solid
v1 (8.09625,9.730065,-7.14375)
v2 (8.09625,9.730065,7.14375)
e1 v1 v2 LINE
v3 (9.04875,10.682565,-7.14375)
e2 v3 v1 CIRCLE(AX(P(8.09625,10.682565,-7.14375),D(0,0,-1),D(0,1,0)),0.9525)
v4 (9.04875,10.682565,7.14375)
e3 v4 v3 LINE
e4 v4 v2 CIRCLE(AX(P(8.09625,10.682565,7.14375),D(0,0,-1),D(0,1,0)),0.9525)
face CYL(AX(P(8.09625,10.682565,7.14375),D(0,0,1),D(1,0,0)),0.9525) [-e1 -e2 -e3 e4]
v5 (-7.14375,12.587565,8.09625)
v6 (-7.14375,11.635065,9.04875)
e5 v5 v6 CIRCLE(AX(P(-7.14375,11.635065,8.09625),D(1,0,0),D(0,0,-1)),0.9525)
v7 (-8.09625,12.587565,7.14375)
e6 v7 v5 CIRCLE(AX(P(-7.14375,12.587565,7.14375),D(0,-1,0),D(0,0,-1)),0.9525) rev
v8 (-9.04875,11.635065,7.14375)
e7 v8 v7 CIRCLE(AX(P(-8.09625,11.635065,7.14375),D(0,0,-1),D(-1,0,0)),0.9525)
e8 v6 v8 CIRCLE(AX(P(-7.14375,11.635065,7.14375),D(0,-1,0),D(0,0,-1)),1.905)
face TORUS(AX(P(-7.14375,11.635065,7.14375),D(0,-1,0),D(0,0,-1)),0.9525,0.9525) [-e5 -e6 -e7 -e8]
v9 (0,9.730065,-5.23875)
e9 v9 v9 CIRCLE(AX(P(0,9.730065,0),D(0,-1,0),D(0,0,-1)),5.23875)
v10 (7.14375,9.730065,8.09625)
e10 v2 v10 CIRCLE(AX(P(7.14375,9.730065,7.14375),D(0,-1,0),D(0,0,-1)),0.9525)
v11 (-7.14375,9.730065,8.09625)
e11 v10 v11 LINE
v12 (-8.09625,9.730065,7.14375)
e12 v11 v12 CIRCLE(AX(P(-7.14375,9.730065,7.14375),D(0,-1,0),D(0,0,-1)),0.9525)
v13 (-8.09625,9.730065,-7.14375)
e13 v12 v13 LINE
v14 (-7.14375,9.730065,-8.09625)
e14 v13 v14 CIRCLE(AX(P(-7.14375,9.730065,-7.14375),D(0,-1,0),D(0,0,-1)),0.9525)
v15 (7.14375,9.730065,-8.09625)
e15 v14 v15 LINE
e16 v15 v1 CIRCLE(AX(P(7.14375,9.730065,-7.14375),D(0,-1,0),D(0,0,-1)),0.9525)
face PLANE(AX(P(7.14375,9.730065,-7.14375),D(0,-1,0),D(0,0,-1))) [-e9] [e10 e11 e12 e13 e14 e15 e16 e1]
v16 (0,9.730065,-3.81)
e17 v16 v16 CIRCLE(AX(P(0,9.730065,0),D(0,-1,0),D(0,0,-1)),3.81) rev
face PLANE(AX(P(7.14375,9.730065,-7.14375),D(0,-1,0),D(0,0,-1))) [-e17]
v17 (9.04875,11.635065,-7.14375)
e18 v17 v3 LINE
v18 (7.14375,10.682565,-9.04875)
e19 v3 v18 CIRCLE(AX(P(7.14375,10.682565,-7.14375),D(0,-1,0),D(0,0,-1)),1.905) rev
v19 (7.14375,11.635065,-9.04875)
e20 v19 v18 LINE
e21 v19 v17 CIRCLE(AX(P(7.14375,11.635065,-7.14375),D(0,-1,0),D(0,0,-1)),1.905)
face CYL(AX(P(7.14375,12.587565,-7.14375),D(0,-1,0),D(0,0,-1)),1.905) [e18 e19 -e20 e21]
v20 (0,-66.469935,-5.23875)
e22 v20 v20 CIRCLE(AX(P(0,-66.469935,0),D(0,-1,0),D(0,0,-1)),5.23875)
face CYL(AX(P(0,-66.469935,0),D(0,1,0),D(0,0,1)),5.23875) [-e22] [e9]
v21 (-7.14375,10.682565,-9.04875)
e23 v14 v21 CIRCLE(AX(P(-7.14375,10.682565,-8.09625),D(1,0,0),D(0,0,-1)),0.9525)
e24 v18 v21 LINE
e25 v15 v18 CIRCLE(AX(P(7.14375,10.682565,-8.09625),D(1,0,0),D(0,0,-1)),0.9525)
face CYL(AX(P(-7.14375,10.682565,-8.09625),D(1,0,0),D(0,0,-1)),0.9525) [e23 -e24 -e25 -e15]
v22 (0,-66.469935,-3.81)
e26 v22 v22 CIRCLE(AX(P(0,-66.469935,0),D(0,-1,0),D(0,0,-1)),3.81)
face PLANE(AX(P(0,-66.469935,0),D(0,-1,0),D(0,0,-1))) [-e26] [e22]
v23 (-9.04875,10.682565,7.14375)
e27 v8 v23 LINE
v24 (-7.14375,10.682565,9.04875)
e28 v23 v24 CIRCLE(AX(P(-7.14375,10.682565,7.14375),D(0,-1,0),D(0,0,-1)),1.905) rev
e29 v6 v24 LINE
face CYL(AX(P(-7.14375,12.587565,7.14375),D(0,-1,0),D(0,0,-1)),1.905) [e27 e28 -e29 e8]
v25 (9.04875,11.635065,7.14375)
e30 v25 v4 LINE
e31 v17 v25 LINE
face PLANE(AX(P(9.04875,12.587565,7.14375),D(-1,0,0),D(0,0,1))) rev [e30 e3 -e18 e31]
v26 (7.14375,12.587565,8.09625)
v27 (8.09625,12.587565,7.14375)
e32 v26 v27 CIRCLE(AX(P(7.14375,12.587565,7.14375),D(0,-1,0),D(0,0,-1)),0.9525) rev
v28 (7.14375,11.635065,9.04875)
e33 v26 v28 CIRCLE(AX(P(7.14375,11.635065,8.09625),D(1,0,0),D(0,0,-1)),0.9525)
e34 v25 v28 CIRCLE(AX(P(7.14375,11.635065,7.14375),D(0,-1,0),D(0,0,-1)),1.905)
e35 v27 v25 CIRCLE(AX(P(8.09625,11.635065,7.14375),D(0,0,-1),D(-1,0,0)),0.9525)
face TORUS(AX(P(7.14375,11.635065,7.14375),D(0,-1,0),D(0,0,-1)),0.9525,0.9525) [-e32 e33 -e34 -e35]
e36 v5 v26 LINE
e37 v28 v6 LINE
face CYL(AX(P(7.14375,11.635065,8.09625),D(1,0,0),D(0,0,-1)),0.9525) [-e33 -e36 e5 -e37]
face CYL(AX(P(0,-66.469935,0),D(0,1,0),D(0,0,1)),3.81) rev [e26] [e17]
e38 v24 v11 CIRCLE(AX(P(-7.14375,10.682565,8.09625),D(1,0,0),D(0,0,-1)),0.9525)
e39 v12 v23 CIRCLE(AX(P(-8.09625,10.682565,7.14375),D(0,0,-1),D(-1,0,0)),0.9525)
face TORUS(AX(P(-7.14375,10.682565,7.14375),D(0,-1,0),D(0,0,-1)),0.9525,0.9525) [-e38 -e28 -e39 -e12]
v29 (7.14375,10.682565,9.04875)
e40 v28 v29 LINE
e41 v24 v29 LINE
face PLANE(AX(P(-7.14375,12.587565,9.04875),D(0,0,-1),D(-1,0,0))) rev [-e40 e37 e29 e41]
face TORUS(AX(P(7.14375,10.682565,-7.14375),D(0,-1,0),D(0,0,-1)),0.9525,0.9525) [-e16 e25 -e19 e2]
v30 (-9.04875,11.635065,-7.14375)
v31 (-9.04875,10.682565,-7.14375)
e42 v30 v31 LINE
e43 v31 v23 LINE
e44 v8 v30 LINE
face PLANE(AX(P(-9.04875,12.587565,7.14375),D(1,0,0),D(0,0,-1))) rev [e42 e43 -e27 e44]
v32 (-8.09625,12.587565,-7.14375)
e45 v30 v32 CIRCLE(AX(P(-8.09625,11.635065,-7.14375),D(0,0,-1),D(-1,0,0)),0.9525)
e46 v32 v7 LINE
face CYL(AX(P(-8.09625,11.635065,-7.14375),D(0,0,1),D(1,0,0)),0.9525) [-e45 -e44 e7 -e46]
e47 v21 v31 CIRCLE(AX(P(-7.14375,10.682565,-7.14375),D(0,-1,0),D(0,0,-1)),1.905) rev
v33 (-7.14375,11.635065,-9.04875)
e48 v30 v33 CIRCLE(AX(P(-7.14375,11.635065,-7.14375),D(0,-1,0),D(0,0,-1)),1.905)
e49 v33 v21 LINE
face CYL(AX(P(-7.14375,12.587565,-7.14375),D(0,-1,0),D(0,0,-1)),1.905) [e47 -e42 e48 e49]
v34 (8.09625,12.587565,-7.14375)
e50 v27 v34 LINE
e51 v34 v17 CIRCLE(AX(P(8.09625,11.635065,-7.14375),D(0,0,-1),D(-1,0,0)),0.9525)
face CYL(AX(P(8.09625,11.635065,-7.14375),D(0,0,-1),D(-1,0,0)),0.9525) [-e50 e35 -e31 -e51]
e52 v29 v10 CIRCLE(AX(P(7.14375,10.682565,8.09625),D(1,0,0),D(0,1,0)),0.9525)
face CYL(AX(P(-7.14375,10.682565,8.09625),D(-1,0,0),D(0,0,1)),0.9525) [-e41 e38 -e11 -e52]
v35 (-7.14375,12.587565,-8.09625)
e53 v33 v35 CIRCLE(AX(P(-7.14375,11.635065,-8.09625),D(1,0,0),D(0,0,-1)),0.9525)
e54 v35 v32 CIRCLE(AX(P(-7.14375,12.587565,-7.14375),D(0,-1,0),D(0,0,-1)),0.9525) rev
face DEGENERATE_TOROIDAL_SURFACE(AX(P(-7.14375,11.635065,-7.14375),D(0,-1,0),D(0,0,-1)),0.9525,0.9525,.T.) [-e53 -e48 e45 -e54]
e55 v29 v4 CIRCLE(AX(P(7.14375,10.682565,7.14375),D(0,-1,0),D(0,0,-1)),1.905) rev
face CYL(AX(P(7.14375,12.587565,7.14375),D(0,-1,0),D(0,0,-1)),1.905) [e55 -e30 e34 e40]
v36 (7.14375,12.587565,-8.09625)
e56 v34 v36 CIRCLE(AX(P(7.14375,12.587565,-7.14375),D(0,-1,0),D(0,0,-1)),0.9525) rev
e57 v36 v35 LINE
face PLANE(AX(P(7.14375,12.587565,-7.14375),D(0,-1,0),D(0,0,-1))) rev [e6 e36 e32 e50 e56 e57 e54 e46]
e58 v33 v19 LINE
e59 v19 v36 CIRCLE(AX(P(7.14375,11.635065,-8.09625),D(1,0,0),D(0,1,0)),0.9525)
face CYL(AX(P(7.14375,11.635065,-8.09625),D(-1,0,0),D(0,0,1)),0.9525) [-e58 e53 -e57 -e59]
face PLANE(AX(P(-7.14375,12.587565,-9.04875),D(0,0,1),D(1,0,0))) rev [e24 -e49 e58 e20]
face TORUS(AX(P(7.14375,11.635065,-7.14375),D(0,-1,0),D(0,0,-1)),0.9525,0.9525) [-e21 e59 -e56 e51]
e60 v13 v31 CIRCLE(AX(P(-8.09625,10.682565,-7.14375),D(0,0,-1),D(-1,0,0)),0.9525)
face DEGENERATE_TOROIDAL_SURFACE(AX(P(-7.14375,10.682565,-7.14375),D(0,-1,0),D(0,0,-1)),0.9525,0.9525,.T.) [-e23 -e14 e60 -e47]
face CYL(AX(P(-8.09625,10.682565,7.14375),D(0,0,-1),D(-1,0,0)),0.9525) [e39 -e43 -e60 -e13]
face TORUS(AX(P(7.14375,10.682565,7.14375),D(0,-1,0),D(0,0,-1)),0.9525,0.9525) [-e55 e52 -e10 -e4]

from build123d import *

# Parameters (mm, degrees)
BOSS_EXTRUDE1_DEPTH = 1.905
SKETCH2_R           = 3.4925
SKETCH2_R_2         = 2.54
BOSS_EXTRUDE2_DEPTH = 50.8
FILLET2_R           = 0.635
SCALE1_SCALE        = 1.5


with BuildPart() as part:
    # Sketch1 → Boss-Extrude1 (new body)
    with BuildSketch(Plane(origin=(0, 0, 0), x_dir=(1, 0, 0), z_dir=(0, 1, 0))):
        with BuildLine():
            Line((-6.0325, -4.7625), (-6.0325, 4.7625))
            ThreePointArc((-6.0325, 4.7625), (-5.660525612, 5.660525612), (-4.7625, 6.0325))
            Line((-4.7625, 6.0325), (4.7625, 6.0325))
            ThreePointArc((4.7625, 6.0325), (5.660525612, 5.660525612), (6.0325, 4.7625))
            Line((6.0325, 4.7625), (6.0325, -4.7625))
            ThreePointArc((6.0325, -4.7625), (5.660525612, -5.660525612), (4.7625, -6.0325))
            Line((4.7625, -6.0325), (-4.7625, -6.0325))
            ThreePointArc((-4.7625, -6.0325), (-5.660525612, -5.660525612), (-6.0325, -4.7625))
        make_face()
    extrude(amount=BOSS_EXTRUDE1_DEPTH)

    # Sketch2 → Boss-Extrude2 (add)
    with BuildSketch(Plane.XZ):
        with Locations(Location((0, 0, 0), (0, 0, 270))):
            Circle(SKETCH2_R)
        with Locations(Location((0, 0, 0), (0, 0, 270))):
            Circle(SKETCH2_R_2, mode=Mode.SUBTRACT)
    extrude(amount=BOSS_EXTRUDE2_DEPTH)

    # Fillet2
    fillet2_edges = [part.edges().sort_by_distance(p)[0] for p in [
        (-5.660525612, 1.905, -5.660525612),
        (0, 0, -6.0325),
        (5.660525612, 0, -5.660525612),
        (-6.0325, 1.905, 0),
        (-5.660525612, 1.905, 5.660525612),
        (0, 1.905, 6.0325),
        (5.660525612, 1.905, 5.660525612),
        (6.0325, 1.905, 0),
        (5.660525612, 1.905, -5.660525612),
        (0, 1.905, -6.0325),
        (6.0325, 0, 0),
        (5.660525612, 0, 5.660525612),
        (0, 0, 6.0325),
        (-5.660525612, 0, 5.660525612),
        (-6.0325, 0, 0),
        (-5.660525612, 0, -5.660525612),
    ]]
    fillet(fillet2_edges, radius=FILLET2_R)


with BuildPart() as part_1:
    # Scale1: scaled about (0, -19.460130845, 0)
    add(part.part.scale(SCALE1_SCALE).moved(Location((0, 9.730065422, 0))))


solid = part_1.part
